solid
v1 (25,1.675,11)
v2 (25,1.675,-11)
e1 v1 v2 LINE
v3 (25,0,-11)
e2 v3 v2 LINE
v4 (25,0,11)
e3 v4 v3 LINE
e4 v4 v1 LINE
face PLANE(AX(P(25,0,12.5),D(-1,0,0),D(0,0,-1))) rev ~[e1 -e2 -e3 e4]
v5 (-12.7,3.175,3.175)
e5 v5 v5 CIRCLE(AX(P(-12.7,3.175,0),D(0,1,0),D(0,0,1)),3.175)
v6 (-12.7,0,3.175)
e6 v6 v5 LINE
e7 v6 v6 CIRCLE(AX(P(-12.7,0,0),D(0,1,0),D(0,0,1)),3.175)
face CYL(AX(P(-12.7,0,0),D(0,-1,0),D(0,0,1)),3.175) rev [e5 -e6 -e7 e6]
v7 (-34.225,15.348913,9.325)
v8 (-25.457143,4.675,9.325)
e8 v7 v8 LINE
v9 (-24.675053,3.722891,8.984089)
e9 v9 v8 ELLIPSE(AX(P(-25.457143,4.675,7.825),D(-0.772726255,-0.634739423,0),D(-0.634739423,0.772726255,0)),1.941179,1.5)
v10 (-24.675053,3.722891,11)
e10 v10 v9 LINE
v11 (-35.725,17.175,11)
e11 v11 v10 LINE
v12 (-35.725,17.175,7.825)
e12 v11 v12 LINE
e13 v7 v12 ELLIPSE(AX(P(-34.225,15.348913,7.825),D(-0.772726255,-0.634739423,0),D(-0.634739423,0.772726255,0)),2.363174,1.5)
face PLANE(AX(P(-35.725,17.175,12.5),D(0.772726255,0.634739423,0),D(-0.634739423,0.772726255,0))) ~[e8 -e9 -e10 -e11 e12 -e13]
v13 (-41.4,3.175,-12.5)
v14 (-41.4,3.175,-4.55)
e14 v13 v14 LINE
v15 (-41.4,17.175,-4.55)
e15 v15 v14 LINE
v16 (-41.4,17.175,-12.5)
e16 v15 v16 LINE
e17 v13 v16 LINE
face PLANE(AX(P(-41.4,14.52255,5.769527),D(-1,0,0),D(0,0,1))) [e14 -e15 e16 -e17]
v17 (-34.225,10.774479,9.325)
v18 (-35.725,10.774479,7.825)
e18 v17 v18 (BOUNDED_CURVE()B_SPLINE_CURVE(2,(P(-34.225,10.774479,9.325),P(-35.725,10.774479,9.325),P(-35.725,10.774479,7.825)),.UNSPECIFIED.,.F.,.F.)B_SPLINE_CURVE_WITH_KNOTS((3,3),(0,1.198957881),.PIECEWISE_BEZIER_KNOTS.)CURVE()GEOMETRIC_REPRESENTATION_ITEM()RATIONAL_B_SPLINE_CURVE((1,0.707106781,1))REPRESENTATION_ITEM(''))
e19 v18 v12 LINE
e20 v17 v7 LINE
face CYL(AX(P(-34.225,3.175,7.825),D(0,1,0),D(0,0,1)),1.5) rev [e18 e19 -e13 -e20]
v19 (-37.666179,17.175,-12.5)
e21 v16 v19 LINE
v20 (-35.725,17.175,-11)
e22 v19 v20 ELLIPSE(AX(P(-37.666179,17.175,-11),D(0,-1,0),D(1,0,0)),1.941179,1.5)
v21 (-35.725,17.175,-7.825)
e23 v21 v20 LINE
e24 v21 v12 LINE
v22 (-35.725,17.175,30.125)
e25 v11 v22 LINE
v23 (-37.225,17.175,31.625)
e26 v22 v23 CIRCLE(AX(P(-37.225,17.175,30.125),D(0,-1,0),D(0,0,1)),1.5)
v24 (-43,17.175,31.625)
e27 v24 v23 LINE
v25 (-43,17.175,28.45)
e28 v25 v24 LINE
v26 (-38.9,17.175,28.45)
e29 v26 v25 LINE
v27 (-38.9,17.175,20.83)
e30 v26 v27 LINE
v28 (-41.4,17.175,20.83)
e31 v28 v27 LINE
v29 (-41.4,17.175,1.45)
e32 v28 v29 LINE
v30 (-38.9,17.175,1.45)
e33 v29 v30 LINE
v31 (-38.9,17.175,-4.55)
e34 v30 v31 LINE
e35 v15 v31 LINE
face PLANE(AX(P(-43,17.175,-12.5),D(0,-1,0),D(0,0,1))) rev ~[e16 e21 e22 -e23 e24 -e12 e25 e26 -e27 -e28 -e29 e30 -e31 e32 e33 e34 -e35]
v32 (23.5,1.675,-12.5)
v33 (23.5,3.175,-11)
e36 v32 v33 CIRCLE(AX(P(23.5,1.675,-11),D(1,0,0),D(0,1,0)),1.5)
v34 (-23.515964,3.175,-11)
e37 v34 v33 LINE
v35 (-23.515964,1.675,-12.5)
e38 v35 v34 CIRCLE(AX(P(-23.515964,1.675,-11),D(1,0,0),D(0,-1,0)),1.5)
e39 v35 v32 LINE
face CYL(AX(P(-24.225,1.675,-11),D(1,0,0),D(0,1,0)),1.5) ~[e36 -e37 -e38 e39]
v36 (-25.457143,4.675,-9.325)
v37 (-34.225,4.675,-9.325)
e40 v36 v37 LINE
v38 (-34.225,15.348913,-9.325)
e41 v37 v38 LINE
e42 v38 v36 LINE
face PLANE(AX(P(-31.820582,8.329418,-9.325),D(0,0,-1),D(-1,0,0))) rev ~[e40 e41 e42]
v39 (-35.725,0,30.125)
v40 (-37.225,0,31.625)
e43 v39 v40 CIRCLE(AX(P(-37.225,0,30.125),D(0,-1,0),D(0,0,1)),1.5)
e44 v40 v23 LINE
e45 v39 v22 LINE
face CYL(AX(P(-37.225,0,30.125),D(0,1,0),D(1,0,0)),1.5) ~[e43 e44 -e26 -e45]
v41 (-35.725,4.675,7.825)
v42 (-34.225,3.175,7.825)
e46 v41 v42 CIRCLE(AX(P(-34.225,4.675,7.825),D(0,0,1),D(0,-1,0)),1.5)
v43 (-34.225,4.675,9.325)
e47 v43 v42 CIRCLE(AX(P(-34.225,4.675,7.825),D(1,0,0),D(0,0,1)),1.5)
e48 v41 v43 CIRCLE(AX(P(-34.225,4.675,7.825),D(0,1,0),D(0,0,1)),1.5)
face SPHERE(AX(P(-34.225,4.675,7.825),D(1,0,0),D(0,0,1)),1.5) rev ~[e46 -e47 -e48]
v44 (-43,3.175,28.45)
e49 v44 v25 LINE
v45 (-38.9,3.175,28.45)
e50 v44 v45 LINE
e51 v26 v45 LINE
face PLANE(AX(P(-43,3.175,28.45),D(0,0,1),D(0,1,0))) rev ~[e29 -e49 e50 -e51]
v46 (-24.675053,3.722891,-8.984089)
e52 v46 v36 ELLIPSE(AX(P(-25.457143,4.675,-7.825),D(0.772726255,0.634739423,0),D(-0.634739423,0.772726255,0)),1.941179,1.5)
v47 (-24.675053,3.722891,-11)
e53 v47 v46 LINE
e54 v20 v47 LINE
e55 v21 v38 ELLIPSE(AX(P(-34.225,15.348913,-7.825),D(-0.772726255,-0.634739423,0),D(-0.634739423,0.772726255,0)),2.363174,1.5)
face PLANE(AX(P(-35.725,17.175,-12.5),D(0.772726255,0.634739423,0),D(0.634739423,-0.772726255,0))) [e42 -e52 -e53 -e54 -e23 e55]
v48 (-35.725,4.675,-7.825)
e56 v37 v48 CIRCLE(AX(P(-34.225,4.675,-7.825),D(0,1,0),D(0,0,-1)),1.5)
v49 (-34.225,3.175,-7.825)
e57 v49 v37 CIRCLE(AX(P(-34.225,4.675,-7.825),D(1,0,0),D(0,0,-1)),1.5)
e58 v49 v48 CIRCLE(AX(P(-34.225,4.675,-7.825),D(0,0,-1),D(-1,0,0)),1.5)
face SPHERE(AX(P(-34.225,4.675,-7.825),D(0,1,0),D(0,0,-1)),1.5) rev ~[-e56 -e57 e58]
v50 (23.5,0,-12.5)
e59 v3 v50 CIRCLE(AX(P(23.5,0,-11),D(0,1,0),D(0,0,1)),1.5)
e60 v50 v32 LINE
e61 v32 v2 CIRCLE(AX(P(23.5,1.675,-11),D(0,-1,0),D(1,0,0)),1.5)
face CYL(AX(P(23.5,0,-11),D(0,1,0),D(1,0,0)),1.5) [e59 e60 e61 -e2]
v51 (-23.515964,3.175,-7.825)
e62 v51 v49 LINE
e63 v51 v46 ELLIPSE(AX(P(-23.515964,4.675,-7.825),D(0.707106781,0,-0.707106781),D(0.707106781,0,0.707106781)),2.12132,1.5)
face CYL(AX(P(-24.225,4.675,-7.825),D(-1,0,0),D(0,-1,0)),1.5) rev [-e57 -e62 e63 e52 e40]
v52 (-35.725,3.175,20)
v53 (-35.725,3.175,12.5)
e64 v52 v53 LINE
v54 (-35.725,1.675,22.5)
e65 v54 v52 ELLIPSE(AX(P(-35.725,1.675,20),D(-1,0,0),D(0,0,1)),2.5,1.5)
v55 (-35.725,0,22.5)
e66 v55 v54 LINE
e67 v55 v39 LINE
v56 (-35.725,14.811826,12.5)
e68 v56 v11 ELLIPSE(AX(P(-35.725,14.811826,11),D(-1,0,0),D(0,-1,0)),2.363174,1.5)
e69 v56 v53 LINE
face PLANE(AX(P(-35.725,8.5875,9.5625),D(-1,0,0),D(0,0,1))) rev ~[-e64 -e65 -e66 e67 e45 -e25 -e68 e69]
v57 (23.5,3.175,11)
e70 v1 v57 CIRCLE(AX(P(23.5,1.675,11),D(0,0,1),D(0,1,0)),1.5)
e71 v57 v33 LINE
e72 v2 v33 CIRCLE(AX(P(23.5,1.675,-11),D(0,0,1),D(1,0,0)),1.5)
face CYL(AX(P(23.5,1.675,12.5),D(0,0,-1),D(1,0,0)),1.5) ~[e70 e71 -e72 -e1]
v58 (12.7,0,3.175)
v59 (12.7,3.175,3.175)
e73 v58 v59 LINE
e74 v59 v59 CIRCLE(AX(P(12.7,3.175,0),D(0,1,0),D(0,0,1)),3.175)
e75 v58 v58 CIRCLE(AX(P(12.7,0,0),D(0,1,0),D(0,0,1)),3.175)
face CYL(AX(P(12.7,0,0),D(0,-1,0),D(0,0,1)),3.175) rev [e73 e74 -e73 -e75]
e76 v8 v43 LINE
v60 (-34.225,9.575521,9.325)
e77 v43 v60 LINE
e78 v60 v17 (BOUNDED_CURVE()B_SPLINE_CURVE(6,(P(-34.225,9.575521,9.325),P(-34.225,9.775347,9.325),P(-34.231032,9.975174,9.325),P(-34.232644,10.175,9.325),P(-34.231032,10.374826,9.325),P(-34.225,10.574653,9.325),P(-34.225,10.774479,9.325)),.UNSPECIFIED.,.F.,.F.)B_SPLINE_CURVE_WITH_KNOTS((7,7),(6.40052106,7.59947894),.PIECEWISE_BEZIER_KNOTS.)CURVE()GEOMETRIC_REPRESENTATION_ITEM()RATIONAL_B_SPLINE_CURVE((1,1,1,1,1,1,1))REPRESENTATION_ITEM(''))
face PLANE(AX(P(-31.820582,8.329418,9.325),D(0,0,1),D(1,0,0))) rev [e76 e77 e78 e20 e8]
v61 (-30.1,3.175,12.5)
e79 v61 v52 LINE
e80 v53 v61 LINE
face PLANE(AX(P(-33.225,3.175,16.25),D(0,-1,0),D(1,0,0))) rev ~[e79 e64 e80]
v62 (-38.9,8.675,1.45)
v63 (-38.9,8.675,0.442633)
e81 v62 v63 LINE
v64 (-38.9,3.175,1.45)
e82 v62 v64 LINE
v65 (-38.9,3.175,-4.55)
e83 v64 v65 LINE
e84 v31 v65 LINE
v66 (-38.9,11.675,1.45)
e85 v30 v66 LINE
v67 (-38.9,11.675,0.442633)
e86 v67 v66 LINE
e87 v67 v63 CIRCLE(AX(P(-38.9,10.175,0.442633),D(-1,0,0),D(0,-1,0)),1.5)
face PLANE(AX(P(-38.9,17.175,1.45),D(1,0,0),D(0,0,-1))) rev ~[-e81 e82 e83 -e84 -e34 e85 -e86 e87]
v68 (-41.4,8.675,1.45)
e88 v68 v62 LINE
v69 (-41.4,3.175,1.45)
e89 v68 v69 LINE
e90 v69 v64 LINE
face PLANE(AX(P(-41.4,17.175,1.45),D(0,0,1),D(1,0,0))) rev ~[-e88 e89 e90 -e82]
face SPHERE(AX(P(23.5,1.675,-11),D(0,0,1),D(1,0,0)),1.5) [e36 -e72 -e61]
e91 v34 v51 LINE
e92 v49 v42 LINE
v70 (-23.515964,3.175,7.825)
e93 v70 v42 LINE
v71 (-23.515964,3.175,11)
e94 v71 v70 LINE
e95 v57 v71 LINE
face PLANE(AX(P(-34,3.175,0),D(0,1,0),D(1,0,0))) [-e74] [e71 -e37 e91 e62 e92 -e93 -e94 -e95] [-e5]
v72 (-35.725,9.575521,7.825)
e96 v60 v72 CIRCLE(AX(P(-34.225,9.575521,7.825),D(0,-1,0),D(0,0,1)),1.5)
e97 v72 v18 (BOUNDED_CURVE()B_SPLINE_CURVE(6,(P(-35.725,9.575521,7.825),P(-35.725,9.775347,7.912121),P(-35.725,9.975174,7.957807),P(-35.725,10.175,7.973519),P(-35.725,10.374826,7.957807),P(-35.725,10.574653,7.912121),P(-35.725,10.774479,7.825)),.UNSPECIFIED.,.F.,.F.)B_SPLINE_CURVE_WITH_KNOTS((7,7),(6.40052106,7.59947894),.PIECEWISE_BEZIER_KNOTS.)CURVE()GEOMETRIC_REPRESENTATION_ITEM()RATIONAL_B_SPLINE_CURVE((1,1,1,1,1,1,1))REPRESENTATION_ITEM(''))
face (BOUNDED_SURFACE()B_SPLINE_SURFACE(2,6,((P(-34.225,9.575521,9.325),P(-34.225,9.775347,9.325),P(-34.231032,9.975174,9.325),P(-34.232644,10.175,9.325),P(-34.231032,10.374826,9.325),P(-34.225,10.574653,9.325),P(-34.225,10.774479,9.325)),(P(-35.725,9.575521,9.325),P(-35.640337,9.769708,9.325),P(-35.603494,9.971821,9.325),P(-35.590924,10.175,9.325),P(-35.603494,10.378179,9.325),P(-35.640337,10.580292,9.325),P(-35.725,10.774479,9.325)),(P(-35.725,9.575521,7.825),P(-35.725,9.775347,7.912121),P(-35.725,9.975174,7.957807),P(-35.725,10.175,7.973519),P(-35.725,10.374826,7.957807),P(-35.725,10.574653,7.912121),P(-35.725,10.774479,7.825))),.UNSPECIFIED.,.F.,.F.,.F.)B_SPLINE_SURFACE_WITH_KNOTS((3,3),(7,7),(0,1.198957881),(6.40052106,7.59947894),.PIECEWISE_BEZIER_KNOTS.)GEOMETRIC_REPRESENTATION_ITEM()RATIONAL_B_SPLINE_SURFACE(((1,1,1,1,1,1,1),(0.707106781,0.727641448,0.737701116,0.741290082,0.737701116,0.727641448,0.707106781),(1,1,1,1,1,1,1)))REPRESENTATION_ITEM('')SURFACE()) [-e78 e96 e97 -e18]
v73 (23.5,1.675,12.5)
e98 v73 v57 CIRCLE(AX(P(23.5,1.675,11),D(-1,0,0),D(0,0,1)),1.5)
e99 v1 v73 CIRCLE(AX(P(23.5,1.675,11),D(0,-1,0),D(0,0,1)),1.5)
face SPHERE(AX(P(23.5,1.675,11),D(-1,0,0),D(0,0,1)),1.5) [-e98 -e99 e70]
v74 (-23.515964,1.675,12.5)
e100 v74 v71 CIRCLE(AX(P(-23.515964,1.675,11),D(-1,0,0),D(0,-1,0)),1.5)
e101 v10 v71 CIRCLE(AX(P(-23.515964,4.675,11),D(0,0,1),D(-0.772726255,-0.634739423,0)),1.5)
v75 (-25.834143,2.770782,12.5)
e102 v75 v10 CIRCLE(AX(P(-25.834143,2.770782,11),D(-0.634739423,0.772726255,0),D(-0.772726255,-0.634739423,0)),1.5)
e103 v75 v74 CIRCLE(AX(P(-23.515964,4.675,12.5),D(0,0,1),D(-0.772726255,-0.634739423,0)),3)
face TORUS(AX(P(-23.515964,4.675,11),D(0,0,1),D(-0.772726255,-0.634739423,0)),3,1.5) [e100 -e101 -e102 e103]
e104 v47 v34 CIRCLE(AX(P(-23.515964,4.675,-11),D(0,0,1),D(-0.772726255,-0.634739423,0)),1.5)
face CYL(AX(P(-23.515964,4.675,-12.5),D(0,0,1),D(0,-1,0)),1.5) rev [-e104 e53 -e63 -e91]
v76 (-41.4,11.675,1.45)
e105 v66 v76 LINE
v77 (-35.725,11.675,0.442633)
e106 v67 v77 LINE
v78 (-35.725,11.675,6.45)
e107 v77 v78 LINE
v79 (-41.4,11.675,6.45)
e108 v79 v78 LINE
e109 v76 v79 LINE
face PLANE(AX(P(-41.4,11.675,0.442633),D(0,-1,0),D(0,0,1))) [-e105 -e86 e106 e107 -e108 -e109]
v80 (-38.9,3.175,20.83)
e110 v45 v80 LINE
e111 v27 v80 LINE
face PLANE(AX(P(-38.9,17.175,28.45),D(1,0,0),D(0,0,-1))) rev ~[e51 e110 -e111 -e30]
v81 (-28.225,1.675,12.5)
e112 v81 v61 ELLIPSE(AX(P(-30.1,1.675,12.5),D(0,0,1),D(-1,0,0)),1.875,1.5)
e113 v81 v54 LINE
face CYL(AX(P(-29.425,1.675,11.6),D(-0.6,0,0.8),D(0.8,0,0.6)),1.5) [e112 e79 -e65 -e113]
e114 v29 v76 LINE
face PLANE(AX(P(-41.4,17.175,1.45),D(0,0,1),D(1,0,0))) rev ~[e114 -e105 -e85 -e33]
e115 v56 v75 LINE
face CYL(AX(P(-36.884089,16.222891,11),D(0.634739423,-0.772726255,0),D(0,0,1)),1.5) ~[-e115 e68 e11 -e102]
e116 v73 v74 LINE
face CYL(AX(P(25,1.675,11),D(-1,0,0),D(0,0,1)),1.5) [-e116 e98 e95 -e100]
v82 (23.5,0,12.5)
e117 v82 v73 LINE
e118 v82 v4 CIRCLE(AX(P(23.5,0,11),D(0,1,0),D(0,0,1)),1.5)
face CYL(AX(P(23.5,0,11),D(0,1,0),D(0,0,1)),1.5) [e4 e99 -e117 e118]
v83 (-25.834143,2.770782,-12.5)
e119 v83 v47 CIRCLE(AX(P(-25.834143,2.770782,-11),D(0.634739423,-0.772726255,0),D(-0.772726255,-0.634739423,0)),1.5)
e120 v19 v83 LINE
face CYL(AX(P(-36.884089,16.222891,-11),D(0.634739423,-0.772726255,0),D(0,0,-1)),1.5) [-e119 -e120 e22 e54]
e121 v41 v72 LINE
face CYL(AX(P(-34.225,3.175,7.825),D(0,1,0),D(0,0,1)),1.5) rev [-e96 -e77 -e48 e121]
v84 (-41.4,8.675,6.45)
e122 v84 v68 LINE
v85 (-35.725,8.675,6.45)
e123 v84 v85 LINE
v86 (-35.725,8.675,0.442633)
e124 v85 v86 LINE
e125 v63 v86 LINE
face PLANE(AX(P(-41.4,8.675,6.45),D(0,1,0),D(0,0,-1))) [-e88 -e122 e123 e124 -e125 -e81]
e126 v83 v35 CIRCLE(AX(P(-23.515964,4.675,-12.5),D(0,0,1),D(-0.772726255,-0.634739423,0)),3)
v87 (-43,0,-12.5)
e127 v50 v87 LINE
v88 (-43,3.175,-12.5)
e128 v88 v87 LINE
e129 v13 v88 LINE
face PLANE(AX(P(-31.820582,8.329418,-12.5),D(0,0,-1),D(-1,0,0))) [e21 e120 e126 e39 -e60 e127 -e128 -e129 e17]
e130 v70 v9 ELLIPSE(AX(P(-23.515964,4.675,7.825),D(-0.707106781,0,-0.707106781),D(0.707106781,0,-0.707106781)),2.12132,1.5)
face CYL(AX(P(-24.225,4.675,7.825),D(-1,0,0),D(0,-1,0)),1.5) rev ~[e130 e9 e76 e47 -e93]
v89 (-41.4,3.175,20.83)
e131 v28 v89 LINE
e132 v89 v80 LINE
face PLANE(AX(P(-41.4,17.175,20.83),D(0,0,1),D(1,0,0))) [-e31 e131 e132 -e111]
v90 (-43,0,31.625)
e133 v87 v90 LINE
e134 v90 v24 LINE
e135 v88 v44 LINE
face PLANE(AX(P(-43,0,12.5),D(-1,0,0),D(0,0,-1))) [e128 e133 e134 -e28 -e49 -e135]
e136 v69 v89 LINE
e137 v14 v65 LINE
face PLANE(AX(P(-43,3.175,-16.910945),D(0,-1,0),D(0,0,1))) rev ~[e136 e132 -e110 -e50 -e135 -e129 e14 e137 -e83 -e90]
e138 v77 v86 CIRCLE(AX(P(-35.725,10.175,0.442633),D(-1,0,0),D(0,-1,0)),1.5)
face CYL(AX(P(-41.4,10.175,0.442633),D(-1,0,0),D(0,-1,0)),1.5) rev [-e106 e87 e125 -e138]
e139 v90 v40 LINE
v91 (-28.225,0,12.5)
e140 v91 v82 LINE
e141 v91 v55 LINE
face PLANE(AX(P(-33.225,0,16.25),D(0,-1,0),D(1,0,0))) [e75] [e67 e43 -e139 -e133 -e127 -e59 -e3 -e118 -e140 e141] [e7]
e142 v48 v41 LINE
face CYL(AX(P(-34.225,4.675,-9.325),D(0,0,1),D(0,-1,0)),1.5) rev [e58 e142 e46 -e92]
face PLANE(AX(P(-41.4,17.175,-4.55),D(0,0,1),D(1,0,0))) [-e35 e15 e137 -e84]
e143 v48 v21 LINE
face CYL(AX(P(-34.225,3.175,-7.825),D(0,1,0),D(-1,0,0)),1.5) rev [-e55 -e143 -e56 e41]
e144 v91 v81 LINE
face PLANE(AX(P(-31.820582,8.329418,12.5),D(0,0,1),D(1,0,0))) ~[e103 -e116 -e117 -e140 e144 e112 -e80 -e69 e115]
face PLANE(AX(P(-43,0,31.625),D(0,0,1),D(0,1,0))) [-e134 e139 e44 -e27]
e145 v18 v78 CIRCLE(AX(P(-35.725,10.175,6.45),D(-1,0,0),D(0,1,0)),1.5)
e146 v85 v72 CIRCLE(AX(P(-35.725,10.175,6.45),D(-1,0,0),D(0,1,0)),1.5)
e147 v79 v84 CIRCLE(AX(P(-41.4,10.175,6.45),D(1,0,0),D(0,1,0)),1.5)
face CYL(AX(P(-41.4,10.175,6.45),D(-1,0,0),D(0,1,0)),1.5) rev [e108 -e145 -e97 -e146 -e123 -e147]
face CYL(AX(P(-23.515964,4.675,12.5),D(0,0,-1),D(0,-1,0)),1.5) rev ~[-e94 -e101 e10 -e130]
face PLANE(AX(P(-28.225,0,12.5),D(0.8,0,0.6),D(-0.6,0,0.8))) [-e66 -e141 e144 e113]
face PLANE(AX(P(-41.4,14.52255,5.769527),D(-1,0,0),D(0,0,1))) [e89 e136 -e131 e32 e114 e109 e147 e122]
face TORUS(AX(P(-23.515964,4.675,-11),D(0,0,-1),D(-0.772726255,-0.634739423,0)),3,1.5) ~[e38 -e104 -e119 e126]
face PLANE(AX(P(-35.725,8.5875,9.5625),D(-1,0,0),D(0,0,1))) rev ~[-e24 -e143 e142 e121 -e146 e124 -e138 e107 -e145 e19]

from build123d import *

# Parameters (mm, degrees)
SKETCH2_W           = 50
SKETCH2_H           = 25
SKETCH2_R           = 3.175
BOSS_EXTRUDE1_DEPTH = 3.175
SKETCH11_W          = 18
SKETCH11_H          = 25
BOSS_EXTRUDE4_DEPTH = 3.175
SKETCH12_W          = 44.125
SKETCH12_H          = 17.175
BOSS_EXTRUDE5_DEPTH = 7.275
SKETCH13_W          = 45.360945172
SKETCH13_H          = 22.695099396
CUT_EXTRUDE1_DEPTH  = 1.6
CUT_EXTRUDE2_DEPTH  = 76.525368255
BOSS_EXTRUDE6_DEPTH = 3.175
BOSS_EXTRUDE7_DEPTH = 3.175
FILLET7_R           = 1.5
SKETCH17_W          = 2.5
SKETCH17_H          = 7.62
SKETCH17_H_2        = 6
CUT_EXTRUDE3_DEPTH  = 14


with BuildPart() as part:
    # Sketch2 → Boss-Extrude1 (new body)
    with BuildSketch(Plane(origin=(0, 0, 0), x_dir=(1, 0, 0), z_dir=(0, 1, 0))):
        Rectangle(SKETCH2_W, SKETCH2_H)
        with Locations(Location((-12.7, 0, 0), (0, 0, 270))):
            Circle(SKETCH2_R, mode=Mode.SUBTRACT)
        with Locations(Location((12.7, 0, 0), (0, 0, 270))):
            Circle(SKETCH2_R, mode=Mode.SUBTRACT)
    extrude(amount=BOSS_EXTRUDE1_DEPTH)

    # Sketch11 → Boss-Extrude4 (add)
    with BuildSketch(Plane(origin=(0, 0, 0), x_dir=(1, 0, 0), z_dir=(0, 1, 0))):
        with Locations((-34, 0)):
            Rectangle(SKETCH11_W, SKETCH11_H)
    extrude(amount=BOSS_EXTRUDE4_DEPTH)

    # Sketch12 → Boss-Extrude5 (add)
    with BuildSketch(Plane.ZY.offset(43)):
        with Locations((9.5625, 8.5875)):
            Rectangle(SKETCH12_W, SKETCH12_H)
    extrude(amount=-BOSS_EXTRUDE5_DEPTH)

    # Sketch13 → Cut-Extrude1 (cut)
    with BuildSketch(Plane.ZY.offset(43)):
        with Locations((5.769527414, 14.522549698)):
            Rectangle(SKETCH13_W, SKETCH13_H)
    extrude(amount=-CUT_EXTRUDE1_DEPTH, mode=Mode.SUBTRACT)

    # Sketch14 → Cut-Extrude2 (cut, through all)
    with BuildSketch(Plane.ZY.offset(41.4)):
        with BuildLine():
            Line((6.45, 8.675), (0.442633339, 8.675))
            ThreePointArc((0.442633339, 8.675), (-1.057366661, 10.175), (0.442633339, 11.675))
            Line((0.442633339, 11.675), (6.45, 11.675))
            ThreePointArc((6.45, 11.675), (7.95, 10.175), (6.45, 8.675))
        make_face()
    extrude(amount=-CUT_EXTRUDE2_DEPTH, mode=Mode.SUBTRACT)

    # Sketch15 → Boss-Extrude6 (add)
    with BuildSketch(Plane(origin=(0, 0, -12.5), x_dir=(-1, 0, 0), z_dir=(0, 0, -1))):
        Polygon((35.725, 17.175), (24.225, 3.175), (35.725, 3.175), align=None)
    boss_extrude6 = extrude(amount=-BOSS_EXTRUDE6_DEPTH)

    # Mirror1: Boss-Extrude6 across plane
    add(boss_extrude6.mirror(Plane.XY))

    # Sketch16 → Boss-Extrude7 (add)
    with BuildSketch(Plane.XZ):
        Polygon((-35.725, 12.5), (-28.225, 12.5), (-35.725, 22.5), align=None)
    extrude(amount=-BOSS_EXTRUDE7_DEPTH)

    # Fillet7
    fillet7_edges = [part.edges().sort_by_distance(p)[0] for p in [
        (-29.975, 10.175, 12.5),
        (-29.975, 10.175, -12.5),
        (0.3875, 3.175, 12.5),
        (25, 1.5875, 12.5),
        (25, 3.175, 0),
        (25, 1.5875, -12.5),
        (0.3875, 3.175, -12.5),
        (-35.725, 10.175, -9.325),
        (-29.975, 3.175, -9.325),
        (-29.975, 3.175, 9.325),
        (-35.725, 10.175, 9.325),
        (-35.725, 3.175, 0),
        (-31.975, 3.175, 17.5),
        (-24.225, 3.175, -10.9125),
        (-24.225, 3.175, 10.9125),
        (-35.725, 8.5875, 31.625),
    ]]
    fillet(fillet7_edges, radius=FILLET7_R)

    # Sketch17 → Cut-Extrude3 (cut)
    with BuildSketch(Plane(origin=(0, 17.175, 0), x_dir=(1, 0, 0), z_dir=(0, 1, 0))):
        with Locations((-40.15, -24.64)):
            Rectangle(SKETCH17_W, SKETCH17_H)
        with Locations((-40.15, 1.55)):
            Rectangle(SKETCH17_W, SKETCH17_H_2)
    extrude(amount=-CUT_EXTRUDE3_DEPTH, mode=Mode.SUBTRACT)


solid = part.part
